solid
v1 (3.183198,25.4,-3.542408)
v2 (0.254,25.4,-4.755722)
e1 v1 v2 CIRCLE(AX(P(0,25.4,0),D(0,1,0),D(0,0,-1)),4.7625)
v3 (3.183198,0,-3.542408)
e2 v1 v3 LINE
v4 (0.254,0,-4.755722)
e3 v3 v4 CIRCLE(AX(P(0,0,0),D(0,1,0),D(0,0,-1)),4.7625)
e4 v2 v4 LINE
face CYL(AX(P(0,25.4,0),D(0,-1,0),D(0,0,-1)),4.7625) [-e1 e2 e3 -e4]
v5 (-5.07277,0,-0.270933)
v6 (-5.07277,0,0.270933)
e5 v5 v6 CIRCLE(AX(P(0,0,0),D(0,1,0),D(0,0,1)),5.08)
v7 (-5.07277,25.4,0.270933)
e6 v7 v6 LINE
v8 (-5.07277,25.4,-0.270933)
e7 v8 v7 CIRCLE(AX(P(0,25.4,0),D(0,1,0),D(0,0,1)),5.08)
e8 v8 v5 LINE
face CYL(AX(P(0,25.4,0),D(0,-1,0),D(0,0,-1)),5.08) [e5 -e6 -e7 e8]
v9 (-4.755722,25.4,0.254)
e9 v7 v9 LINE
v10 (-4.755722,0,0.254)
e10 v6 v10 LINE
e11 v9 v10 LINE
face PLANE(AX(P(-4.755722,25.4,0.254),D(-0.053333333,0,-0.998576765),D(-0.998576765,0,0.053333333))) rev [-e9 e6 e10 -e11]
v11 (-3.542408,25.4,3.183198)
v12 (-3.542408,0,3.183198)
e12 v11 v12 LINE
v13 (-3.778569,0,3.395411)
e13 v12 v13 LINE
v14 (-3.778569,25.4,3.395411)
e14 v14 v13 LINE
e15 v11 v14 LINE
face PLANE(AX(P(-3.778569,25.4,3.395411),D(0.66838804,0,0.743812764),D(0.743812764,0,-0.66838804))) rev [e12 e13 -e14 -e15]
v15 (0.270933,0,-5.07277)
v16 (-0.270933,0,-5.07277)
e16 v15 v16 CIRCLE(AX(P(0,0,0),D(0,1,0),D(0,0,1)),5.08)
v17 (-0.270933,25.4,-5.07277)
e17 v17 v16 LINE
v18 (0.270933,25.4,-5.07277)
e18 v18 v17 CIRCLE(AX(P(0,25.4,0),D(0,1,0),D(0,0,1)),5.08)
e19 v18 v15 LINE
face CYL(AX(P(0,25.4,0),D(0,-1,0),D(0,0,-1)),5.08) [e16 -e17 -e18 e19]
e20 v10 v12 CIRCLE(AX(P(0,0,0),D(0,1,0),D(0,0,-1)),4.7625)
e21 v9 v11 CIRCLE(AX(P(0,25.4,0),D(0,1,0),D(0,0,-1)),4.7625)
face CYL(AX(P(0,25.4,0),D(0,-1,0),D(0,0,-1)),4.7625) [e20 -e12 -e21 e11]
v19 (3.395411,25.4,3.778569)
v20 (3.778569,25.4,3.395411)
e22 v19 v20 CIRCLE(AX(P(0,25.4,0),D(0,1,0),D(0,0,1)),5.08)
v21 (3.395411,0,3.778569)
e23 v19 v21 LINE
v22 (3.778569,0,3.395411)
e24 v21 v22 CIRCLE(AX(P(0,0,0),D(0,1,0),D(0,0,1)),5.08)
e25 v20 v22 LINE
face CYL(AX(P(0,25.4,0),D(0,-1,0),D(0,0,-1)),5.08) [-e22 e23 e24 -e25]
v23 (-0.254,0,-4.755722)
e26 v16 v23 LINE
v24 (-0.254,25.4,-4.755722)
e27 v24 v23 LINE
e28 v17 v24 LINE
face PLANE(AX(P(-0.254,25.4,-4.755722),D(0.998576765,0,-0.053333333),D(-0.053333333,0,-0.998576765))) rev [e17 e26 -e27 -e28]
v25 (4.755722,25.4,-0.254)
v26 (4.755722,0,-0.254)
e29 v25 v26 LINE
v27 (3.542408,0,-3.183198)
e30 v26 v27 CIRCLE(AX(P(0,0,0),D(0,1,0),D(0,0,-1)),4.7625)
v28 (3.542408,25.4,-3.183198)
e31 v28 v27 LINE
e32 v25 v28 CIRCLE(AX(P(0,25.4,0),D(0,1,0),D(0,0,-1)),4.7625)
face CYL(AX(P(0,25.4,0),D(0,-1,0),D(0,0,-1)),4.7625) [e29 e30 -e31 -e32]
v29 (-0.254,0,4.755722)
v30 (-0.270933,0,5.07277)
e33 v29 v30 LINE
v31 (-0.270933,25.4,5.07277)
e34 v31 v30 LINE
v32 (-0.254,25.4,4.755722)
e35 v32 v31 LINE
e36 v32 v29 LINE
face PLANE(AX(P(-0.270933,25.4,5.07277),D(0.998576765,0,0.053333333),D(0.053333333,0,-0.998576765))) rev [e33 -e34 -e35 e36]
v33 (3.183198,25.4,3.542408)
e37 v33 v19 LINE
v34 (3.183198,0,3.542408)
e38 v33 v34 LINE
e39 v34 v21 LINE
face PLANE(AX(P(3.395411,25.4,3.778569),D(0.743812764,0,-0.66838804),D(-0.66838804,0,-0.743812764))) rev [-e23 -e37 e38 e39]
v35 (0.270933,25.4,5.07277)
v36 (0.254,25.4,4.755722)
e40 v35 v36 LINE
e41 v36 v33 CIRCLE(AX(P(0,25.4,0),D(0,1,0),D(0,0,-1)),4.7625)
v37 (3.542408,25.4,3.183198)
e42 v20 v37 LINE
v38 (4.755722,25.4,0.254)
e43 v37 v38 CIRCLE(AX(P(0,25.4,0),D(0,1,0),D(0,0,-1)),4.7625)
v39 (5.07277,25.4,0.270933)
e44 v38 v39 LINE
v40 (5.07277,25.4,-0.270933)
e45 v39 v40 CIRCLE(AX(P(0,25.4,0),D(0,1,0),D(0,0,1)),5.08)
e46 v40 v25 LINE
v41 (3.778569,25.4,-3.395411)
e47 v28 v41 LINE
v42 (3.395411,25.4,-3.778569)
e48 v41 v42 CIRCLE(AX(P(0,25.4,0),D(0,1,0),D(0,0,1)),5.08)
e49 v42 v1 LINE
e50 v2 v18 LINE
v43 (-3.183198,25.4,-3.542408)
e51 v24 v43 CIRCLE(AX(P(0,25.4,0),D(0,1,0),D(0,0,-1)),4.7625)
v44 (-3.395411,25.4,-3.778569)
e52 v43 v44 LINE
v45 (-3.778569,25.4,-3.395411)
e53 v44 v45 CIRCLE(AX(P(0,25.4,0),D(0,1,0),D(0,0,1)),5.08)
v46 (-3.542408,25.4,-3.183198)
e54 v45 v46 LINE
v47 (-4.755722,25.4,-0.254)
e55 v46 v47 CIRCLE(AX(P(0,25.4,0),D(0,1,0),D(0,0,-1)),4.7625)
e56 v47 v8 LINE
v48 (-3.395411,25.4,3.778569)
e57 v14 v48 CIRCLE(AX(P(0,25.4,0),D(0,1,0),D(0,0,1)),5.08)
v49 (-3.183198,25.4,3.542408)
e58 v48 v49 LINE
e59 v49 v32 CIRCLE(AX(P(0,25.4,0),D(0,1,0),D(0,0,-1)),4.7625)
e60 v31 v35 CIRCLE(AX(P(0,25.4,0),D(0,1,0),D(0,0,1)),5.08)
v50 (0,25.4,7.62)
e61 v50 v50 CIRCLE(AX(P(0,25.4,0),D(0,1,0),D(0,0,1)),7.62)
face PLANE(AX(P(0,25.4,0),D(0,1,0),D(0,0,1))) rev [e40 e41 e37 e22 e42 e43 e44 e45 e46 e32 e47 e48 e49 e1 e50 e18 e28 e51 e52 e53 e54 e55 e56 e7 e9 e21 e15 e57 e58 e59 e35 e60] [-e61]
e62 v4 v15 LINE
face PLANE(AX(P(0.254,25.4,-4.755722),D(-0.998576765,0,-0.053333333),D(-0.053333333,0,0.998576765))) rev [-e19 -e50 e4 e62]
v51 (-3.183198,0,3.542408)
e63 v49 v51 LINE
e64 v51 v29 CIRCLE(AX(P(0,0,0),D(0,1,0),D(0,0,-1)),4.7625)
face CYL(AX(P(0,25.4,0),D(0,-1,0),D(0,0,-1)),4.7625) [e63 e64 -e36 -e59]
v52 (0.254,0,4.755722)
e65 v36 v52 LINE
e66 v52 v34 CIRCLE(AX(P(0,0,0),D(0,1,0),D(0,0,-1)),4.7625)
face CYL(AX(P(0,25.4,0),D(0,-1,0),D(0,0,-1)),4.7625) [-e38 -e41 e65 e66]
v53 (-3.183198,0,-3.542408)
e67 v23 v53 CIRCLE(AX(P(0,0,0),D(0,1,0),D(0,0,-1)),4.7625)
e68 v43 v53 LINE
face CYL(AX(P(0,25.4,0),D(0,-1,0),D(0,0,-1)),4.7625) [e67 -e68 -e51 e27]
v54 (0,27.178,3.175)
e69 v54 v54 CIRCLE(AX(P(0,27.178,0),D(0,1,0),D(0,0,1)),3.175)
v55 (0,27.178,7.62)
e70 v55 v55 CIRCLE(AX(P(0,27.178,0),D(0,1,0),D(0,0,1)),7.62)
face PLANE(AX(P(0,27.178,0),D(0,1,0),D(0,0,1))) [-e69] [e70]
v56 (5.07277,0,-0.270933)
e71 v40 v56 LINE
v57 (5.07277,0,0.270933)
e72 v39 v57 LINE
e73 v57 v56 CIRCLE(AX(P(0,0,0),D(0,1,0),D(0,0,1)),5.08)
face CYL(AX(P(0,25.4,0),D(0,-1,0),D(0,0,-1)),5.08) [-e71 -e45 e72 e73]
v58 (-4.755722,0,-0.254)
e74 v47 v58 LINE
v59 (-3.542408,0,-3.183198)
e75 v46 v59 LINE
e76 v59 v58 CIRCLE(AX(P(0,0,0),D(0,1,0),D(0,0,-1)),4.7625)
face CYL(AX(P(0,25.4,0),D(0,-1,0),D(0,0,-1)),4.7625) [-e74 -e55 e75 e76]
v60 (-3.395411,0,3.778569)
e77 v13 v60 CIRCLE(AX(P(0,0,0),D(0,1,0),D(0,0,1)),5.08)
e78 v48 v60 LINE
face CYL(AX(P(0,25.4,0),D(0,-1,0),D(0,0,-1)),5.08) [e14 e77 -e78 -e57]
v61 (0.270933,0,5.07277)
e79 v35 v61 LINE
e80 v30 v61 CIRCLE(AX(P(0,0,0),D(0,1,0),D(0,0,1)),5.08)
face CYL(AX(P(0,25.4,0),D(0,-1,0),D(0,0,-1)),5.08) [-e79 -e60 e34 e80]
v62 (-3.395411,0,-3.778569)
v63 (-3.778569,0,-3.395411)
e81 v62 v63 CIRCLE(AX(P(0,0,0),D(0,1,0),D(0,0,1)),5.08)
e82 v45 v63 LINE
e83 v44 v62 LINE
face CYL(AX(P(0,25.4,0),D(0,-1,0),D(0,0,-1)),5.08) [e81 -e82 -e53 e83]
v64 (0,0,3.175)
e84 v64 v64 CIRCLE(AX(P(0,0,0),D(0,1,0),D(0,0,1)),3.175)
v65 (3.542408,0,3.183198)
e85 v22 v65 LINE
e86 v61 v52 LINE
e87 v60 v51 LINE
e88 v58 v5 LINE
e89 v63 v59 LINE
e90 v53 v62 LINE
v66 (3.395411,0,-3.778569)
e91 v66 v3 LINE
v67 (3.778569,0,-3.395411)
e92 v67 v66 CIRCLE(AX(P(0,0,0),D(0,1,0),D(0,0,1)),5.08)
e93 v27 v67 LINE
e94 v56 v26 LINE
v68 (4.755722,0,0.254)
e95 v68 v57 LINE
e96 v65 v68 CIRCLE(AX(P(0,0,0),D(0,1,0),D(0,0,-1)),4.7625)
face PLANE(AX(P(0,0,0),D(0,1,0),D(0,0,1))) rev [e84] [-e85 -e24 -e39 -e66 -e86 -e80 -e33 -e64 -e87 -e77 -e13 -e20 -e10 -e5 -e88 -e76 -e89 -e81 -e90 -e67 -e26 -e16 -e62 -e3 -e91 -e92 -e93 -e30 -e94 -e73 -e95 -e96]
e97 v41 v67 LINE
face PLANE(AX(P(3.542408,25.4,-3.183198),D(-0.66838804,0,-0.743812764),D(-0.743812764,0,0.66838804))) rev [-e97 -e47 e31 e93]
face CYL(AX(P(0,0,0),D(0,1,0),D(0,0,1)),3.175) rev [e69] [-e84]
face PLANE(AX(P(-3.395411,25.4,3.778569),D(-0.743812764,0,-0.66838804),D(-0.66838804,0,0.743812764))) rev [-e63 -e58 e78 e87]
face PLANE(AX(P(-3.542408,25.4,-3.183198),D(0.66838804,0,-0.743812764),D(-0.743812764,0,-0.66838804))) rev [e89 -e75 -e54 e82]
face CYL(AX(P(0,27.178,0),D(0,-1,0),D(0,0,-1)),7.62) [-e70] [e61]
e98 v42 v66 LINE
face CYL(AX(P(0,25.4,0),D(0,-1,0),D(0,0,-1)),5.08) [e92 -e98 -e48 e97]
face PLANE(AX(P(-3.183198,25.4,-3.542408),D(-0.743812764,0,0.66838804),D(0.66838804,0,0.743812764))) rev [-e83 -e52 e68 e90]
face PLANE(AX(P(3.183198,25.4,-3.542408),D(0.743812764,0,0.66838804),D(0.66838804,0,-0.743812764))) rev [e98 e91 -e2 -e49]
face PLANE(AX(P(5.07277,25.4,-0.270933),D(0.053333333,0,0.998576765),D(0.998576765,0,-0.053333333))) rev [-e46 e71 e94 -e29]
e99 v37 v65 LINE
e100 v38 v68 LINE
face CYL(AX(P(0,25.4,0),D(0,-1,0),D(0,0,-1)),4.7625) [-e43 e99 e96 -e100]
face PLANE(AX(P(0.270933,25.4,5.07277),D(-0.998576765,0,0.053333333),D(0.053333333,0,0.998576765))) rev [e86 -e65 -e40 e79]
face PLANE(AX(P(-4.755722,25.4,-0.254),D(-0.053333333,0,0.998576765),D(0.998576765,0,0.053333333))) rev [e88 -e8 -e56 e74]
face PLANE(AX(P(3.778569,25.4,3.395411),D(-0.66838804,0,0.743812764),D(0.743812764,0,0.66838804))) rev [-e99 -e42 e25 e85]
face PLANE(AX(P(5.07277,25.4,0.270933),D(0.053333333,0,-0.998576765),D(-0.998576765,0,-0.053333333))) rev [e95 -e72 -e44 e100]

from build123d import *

# Parameters (mm, degrees)
SKETCH2_R           = 5.08
BOSS_EXTRUDE1_DEPTH = 25.4
SKETCH4_R           = 7.62
BOSS_EXTRUDE2_DEPTH = 1.778
SKETCH5_R           = 3.175
CUT_EXTRUDE2_DEPTH  = 30.236492334
CUT_EXTRUDE3_DEPTH  = 25.4


with BuildPart() as part:
    # Sketch2 → Boss-Extrude1 (new body)
    with BuildSketch(Plane(origin=(0, 0, 0), x_dir=(1, 0, 0), z_dir=(0, 1, 0))):
        with Locations(Location((0, 0, 0), (0, 0, 270))):
            Circle(SKETCH2_R)
    extrude(amount=BOSS_EXTRUDE1_DEPTH)

    # Sketch4 → Boss-Extrude2 (add)
    with BuildSketch(Plane(origin=(0, 25.4, 0), x_dir=(1, 0, 0), z_dir=(0, 1, 0))):
        with Locations(Location((0, 0, 0), (0, 0, 270))):
            Circle(SKETCH4_R)
    extrude(amount=BOSS_EXTRUDE2_DEPTH)

    # Sketch5 → Cut-Extrude2 (cut, through all)
    with BuildSketch(Plane(origin=(0, 27.178, 0), x_dir=(1, 0, 0), z_dir=(0, 1, 0))):
        with Locations(Location((0, 0, 0), (0, 0, 270))):
            Circle(SKETCH5_R)
    extrude(amount=-CUT_EXTRUDE2_DEPTH, mode=Mode.SUBTRACT)

    # Sketch6 → Cut-Extrude3 (cut)
    with BuildSketch(Plane.XZ):
        with BuildLine():
            Line((-3.77856884, 3.395411245), (-3.542408287, 3.183198042))
            ThreePointArc((-3.542408287, 3.183198042), (-4.399976274, 1.822529847), (-4.755721843, 0.254))
            Line((-4.755721843, 0.254), (-5.072769966, 0.270933333))
            ThreePointArc((-5.072769966, 0.270933333), (-4.693308025, 1.944031836), (-3.77856884, 3.395411245))
        make_face()
        with BuildLine():
            Line((-0.270933333, 5.072769966), (-0.254, 4.755721843))
            ThreePointArc((-0.254, 4.755721843), (-1.822529847, 4.399976274), (-3.183198042, 3.542408287))
            Line((-3.183198042, 3.542408287), (-3.395411245, 3.77856884))
            ThreePointArc((-3.395411245, 3.77856884), (-1.944031836, 4.693308025), (-0.270933333, 5.072769966))
        make_face()
        with BuildLine():
            Line((0.270933333, 5.072769966), (0.254, 4.755721843))
            ThreePointArc((0.254, 4.755721843), (1.822529847, 4.399976274), (3.183198042, 3.542408287))
            Line((3.183198042, 3.542408287), (3.395411245, 3.77856884))
            ThreePointArc((3.395411245, 3.77856884), (1.944031836, 4.693308025), (0.270933333, 5.072769966))
        make_face()
        with BuildLine():
            Line((3.77856884, 3.395411245), (3.542408287, 3.183198042))
            ThreePointArc((3.542408287, 3.183198042), (4.399976274, 1.822529847), (4.755721843, 0.254))
            Line((4.755721843, 0.254), (5.072769966, 0.270933333))
            ThreePointArc((5.072769966, 0.270933333), (4.693308025, 1.944031836), (3.77856884, 3.395411245))
        make_face()
        with BuildLine():
            Line((5.072769966, -0.270933333), (4.755721843, -0.254))
            ThreePointArc((4.755721843, -0.254), (4.399976274, -1.822529847), (3.542408287, -3.183198042))
            Line((3.542408287, -3.183198042), (3.77856884, -3.395411245))
            ThreePointArc((3.77856884, -3.395411245), (4.693308025, -1.944031836), (5.072769966, -0.270933333))
        make_face()
        with BuildLine():
            Line((3.183198042, -3.542408287), (3.395411245, -3.77856884))
            ThreePointArc((3.395411245, -3.77856884), (1.944031836, -4.693308025), (0.270933333, -5.072769966))
            Line((0.270933333, -5.072769966), (0.254, -4.755721843))
            ThreePointArc((0.254, -4.755721843), (1.822529847, -4.399976274), (3.183198042, -3.542408287))
        make_face()
        with BuildLine():
            Line((-4.755721843, -0.254), (-5.072769966, -0.270933333))
            ThreePointArc((-5.072769966, -0.270933333), (-4.693308025, -1.944031836), (-3.77856884, -3.395411245))
            Line((-3.77856884, -3.395411245), (-3.542408287, -3.183198042))
            ThreePointArc((-3.542408287, -3.183198042), (-4.399976274, -1.822529847), (-4.755721843, -0.254))
        make_face()
        with BuildLine():
            Line((-3.183198042, -3.542408287), (-3.395411245, -3.77856884))
            ThreePointArc((-3.395411245, -3.77856884), (-1.944031836, -4.693308025), (-0.270933333, -5.072769966))
            Line((-0.270933333, -5.072769966), (-0.254, -4.755721843))
            ThreePointArc((-0.254, -4.755721843), (-1.822529847, -4.399976274), (-3.183198042, -3.542408287))
        make_face()
    extrude(amount=-CUT_EXTRUDE3_DEPTH, mode=Mode.SUBTRACT)


solid = part.part
